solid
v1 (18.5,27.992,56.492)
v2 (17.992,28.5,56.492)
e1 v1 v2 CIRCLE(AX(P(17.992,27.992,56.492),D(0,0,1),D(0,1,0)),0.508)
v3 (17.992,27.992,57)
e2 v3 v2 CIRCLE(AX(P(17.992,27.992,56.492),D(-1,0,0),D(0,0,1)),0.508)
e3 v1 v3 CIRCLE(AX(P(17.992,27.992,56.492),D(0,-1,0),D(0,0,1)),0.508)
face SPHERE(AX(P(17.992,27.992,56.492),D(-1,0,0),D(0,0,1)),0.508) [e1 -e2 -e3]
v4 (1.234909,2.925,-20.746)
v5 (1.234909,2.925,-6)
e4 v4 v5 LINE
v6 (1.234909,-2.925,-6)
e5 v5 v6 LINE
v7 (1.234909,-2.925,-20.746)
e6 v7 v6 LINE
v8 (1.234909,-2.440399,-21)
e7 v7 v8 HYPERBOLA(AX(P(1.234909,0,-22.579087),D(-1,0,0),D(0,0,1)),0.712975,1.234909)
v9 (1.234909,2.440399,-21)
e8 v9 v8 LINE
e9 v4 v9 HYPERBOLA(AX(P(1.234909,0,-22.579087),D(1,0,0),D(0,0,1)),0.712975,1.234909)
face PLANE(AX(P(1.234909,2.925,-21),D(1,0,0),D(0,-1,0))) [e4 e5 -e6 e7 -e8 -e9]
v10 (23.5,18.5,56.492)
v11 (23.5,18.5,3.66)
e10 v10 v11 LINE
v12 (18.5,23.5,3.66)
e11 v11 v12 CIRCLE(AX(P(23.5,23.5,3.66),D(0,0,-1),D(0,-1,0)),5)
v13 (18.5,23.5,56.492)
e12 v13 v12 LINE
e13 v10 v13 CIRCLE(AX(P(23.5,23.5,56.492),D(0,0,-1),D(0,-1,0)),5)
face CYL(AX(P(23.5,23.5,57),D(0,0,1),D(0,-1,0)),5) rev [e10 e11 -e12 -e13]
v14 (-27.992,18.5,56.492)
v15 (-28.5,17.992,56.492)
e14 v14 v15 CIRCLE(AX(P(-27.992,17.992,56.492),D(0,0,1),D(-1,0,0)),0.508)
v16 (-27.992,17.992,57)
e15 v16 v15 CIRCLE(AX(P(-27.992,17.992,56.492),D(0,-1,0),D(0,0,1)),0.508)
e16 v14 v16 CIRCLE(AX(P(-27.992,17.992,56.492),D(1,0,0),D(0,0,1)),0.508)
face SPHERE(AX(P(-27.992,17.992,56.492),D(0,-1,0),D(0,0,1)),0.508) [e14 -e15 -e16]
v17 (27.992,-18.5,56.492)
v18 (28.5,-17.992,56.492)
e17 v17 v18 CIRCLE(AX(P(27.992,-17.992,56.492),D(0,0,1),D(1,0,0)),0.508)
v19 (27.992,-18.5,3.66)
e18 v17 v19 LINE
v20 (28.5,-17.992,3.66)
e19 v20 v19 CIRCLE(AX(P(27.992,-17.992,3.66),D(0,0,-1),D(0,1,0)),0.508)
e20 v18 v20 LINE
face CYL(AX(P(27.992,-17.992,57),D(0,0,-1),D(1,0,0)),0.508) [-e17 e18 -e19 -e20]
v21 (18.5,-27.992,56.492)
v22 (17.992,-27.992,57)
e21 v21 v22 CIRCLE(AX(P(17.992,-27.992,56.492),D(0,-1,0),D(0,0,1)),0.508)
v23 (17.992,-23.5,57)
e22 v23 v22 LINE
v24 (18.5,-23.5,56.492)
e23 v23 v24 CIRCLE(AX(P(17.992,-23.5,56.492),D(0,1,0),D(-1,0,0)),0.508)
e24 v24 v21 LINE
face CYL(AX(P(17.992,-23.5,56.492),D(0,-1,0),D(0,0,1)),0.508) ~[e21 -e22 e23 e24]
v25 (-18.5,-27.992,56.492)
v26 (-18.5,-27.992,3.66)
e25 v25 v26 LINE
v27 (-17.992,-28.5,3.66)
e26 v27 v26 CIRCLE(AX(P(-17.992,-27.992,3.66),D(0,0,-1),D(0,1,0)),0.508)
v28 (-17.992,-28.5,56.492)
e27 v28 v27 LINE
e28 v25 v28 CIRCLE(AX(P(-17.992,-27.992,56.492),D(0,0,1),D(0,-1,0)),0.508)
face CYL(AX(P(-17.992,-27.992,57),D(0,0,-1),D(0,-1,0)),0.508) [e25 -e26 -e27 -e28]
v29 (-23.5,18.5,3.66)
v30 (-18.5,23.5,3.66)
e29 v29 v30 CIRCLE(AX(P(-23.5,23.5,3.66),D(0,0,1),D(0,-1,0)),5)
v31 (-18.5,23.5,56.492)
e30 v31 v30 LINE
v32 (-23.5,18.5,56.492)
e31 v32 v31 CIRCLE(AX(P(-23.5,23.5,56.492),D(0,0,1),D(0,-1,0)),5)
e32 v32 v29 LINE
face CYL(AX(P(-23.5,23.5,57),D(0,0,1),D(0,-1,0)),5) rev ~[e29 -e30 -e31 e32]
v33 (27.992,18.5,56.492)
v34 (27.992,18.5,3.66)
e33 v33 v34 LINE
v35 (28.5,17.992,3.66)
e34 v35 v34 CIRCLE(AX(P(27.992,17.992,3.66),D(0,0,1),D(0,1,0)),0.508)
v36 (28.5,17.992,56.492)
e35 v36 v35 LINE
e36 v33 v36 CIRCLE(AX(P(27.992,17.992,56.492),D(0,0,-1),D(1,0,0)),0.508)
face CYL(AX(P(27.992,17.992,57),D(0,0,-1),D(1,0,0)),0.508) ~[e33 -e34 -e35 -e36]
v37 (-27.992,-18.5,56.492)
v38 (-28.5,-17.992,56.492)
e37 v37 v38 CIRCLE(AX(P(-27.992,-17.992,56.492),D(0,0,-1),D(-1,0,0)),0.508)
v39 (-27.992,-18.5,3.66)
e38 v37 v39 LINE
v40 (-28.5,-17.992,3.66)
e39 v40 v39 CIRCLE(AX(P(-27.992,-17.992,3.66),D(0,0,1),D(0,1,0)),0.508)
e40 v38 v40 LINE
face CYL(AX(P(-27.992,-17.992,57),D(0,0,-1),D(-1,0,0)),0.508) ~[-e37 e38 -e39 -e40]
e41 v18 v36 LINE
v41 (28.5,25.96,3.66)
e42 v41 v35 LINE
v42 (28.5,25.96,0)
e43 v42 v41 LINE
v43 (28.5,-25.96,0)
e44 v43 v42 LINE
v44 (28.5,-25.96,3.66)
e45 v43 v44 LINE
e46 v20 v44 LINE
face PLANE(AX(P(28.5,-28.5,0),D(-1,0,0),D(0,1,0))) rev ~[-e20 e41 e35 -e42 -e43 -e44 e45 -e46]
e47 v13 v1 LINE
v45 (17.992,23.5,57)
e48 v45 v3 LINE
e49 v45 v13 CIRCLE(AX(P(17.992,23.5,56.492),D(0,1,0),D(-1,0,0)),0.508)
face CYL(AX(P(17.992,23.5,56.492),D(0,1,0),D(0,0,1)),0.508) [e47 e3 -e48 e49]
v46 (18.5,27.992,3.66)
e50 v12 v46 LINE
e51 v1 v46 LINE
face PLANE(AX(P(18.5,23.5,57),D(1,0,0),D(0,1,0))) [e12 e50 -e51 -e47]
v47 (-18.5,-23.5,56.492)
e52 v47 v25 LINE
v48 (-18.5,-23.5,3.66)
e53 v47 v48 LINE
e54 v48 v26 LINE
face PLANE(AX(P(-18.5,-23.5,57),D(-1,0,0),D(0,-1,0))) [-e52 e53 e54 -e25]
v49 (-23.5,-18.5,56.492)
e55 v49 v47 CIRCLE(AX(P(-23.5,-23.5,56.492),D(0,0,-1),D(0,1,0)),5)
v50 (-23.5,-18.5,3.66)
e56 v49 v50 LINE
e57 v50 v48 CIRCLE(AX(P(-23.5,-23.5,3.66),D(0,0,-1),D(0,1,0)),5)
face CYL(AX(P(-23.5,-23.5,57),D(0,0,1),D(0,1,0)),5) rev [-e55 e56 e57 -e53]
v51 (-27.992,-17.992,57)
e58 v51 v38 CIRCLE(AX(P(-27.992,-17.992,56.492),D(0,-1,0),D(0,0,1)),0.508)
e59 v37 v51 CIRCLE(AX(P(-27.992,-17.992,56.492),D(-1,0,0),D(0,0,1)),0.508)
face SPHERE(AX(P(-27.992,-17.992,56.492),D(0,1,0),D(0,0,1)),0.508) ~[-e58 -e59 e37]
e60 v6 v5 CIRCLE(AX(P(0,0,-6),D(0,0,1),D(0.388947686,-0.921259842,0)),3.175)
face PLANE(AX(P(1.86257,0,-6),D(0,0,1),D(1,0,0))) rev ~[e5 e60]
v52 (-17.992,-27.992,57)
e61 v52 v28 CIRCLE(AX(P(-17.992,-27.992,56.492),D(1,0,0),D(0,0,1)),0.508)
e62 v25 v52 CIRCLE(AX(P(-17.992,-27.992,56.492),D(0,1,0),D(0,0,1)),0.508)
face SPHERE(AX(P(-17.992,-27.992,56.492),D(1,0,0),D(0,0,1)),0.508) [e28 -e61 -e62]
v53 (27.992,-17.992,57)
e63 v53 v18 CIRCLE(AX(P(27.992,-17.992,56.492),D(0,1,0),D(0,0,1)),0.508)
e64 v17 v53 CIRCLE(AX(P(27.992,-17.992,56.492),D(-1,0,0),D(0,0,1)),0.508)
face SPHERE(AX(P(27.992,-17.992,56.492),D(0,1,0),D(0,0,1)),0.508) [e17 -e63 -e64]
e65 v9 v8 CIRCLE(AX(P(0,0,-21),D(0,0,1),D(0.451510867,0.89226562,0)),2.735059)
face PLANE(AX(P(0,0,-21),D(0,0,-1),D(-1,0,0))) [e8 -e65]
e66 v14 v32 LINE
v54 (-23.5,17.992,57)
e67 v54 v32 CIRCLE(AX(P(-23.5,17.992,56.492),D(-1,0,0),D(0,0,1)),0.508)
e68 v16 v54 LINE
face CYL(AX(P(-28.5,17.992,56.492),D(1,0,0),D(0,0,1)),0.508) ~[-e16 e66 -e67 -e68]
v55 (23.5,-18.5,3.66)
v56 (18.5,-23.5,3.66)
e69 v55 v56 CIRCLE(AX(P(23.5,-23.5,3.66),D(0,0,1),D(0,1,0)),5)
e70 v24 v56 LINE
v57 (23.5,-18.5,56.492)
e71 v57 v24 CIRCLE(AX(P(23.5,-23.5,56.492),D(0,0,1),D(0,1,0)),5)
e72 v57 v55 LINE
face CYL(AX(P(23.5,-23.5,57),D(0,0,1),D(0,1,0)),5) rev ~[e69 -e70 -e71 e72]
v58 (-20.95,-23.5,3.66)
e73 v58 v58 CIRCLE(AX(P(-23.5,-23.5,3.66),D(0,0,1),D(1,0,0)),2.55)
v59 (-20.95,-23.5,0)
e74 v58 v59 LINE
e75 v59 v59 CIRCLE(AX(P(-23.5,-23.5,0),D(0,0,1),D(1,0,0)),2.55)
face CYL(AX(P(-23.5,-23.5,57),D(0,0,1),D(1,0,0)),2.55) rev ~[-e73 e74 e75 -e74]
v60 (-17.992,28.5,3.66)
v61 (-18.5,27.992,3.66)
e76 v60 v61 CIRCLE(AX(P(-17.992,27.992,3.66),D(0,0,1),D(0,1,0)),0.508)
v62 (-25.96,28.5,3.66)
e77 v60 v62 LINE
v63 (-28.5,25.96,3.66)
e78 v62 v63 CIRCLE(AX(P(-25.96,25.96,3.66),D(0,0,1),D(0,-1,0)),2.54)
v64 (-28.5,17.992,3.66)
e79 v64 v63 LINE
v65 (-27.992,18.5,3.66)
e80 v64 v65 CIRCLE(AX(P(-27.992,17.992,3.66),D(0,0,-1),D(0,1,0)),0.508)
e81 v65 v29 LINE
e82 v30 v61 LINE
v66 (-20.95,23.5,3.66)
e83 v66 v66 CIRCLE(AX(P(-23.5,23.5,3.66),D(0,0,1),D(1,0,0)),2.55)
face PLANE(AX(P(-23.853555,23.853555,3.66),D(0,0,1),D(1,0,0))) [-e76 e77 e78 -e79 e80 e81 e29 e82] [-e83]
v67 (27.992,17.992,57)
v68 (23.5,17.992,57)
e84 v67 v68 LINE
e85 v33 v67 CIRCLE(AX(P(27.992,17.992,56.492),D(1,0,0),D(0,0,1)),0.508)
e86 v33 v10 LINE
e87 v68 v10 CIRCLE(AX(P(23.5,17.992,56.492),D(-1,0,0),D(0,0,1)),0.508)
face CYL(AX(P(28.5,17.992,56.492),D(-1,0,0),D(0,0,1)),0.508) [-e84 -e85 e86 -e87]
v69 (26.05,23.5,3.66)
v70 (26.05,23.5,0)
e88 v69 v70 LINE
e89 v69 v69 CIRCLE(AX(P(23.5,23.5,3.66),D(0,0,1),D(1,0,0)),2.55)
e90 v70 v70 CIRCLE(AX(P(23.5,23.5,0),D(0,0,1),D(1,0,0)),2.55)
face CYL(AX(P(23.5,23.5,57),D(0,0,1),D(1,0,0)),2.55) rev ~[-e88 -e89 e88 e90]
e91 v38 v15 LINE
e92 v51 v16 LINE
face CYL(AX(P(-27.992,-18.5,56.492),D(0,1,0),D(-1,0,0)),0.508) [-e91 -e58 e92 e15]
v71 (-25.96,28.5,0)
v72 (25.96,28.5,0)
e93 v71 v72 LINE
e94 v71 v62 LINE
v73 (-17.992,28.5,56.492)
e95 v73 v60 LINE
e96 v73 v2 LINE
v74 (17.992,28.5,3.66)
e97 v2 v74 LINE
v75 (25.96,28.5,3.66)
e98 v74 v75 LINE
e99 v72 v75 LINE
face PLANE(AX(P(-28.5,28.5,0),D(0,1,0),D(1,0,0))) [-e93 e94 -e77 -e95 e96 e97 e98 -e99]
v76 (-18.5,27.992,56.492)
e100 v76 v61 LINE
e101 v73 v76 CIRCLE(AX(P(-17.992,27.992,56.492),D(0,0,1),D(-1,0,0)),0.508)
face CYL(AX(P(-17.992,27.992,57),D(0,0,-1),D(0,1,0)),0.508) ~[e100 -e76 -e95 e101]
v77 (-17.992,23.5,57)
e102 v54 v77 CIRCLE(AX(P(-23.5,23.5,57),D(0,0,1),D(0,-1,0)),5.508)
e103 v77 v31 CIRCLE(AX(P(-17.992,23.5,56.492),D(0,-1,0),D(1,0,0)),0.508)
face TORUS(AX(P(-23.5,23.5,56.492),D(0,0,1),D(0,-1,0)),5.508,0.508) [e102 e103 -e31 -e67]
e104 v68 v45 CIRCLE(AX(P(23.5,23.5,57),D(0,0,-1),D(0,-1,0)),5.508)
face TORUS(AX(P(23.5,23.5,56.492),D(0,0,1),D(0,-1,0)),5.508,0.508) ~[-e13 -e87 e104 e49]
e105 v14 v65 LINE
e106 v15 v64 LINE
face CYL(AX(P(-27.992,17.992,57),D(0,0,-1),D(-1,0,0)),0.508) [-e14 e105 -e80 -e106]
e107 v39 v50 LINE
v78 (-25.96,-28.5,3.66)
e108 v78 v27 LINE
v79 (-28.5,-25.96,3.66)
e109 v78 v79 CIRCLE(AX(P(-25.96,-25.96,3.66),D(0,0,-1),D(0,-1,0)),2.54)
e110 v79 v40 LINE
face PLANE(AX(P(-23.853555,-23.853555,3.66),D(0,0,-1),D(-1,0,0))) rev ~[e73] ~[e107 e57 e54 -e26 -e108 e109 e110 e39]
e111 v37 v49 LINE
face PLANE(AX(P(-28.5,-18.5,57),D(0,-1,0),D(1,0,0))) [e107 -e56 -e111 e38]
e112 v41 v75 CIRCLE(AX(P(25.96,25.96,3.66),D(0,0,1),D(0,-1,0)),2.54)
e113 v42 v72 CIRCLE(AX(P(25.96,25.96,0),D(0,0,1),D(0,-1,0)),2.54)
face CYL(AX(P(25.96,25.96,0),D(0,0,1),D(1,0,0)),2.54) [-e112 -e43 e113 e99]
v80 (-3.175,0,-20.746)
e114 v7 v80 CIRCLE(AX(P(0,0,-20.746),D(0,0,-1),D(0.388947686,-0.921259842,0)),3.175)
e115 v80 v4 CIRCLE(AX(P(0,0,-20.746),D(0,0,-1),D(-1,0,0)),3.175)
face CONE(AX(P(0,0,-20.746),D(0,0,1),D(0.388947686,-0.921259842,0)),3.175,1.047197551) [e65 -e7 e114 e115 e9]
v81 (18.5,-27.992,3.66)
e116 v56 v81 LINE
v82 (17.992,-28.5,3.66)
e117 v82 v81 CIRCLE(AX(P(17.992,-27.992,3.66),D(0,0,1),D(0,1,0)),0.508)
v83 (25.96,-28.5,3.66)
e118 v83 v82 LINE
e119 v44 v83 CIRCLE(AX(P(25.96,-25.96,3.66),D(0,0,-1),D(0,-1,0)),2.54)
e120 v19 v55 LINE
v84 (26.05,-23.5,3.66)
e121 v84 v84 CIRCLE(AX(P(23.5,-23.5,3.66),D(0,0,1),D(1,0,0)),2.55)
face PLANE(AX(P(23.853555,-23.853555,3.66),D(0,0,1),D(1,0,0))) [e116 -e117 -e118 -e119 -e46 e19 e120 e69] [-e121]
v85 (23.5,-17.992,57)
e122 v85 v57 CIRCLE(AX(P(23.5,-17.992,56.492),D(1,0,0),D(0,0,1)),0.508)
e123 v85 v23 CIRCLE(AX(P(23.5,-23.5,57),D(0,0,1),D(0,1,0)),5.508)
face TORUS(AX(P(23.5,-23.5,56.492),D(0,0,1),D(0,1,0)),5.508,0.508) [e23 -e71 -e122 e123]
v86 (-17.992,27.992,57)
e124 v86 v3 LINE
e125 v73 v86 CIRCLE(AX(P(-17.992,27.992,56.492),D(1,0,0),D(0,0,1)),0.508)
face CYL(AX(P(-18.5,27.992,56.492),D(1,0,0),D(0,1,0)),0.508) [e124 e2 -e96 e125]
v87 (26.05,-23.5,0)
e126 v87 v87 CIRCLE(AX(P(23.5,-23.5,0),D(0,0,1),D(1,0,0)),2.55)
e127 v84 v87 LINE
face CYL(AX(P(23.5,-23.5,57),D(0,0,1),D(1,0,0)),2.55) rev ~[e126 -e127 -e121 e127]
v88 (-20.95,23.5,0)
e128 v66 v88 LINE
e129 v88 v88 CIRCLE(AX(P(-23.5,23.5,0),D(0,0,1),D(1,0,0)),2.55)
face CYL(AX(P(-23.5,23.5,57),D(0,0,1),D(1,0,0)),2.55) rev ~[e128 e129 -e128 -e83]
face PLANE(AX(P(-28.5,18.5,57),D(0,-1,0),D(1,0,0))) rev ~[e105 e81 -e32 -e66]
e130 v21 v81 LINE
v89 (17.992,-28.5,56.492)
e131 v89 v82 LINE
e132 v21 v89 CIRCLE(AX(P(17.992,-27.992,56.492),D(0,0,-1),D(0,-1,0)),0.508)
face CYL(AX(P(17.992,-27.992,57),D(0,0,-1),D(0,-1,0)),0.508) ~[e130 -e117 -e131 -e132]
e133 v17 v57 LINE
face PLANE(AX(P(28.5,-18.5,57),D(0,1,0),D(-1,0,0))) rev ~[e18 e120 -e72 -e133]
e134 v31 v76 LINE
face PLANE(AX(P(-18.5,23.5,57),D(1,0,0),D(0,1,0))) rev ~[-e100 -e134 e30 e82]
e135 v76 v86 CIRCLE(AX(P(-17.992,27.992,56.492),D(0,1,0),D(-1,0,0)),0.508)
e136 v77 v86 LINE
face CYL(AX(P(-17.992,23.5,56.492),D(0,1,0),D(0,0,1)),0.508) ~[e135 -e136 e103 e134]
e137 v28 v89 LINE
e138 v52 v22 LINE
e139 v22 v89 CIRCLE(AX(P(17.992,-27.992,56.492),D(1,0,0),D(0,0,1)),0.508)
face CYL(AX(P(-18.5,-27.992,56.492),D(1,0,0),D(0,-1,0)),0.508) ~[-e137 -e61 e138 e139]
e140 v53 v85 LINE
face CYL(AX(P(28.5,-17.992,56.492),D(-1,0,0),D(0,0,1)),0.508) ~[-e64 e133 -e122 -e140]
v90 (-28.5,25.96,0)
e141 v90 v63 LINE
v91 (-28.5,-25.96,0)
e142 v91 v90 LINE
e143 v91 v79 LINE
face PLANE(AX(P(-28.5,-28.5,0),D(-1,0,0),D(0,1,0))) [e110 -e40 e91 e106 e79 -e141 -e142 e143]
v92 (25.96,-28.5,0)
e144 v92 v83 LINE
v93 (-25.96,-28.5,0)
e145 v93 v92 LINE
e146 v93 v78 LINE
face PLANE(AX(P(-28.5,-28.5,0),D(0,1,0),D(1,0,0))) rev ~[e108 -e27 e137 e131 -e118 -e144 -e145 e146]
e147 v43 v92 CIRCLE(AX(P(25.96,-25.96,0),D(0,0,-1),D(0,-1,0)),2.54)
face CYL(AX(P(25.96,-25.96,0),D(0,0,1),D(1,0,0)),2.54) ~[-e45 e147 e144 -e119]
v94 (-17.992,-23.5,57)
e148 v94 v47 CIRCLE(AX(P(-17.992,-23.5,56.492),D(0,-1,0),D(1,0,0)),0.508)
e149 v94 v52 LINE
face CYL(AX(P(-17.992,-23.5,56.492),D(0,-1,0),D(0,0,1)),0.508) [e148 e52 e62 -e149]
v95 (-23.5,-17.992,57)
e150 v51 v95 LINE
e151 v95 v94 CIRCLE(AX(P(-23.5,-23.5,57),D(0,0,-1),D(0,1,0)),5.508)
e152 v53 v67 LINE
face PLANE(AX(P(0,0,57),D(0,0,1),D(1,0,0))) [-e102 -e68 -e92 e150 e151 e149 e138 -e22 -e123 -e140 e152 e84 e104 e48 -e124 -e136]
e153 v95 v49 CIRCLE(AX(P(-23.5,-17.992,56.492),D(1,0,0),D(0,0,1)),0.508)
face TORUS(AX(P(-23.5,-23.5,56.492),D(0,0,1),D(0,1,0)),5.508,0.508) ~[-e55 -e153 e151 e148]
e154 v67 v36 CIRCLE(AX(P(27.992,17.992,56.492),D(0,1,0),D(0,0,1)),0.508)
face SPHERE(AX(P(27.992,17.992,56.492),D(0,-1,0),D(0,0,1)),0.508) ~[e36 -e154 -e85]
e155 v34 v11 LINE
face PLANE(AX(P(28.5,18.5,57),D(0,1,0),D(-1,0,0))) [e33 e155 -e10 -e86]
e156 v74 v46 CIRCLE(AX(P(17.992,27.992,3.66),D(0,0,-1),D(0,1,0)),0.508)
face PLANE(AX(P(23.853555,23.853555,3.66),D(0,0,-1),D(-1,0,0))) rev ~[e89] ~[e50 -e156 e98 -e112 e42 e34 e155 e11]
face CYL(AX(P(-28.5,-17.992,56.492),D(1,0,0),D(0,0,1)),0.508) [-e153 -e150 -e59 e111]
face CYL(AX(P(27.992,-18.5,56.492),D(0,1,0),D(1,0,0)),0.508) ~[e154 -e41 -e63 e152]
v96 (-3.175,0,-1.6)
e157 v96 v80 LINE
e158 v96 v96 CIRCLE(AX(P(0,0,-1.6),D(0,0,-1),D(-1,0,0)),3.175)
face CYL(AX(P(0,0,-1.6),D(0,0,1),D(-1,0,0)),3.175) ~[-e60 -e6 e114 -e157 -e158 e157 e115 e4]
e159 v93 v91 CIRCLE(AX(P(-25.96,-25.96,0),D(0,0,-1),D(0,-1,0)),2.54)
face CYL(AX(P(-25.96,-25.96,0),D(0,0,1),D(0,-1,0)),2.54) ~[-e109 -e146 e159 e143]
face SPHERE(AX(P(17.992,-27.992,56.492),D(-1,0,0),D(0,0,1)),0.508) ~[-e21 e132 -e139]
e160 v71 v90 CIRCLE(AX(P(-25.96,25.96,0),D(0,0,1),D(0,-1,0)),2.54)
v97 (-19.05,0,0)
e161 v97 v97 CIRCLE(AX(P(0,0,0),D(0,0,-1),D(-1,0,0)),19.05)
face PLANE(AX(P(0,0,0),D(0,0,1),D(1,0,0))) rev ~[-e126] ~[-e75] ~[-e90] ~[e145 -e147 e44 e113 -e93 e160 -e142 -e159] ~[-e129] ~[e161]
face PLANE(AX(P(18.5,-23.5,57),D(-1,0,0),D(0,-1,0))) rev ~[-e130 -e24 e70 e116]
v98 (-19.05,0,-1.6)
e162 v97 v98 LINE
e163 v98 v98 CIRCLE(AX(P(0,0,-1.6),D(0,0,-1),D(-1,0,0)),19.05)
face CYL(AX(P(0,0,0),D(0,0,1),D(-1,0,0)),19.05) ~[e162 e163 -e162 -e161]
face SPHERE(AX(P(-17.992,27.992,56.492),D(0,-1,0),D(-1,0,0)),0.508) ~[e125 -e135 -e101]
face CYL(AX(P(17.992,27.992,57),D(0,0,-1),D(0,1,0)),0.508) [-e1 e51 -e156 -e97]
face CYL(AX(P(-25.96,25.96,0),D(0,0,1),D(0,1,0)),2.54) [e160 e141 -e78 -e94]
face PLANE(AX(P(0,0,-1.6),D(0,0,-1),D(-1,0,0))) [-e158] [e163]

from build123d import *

# Parameters (mm, degrees)
SKETCH1_W           = 57
SKETCH1_H           = 57
BOSS_EXTRUDE1_DEPTH = 57
SKETCH2_R           = 2.55
CUT_EXTRUDE1_DEPTH  = 58
CUT_EXTRUDE2_DEPTH  = 53.34
SKETCH4_R           = 19.05
BOSS_EXTRUDE2_DEPTH = 1.6
SKETCH5_R           = 3.175
BOSS_EXTRUDE3_DEPTH = 19.4
CUT_EXTRUDE3_DEPTH  = 15
CHAMFER1_SIZE2      = 0.439940905
CHAMFER1_SIZE       = 0.254
FILLET1_R           = 2.54
FILLET2_R           = 0.508


with BuildPart() as part:
    # Sketch1 → Boss-Extrude1 (new body)
    with BuildSketch(Plane.XY):
        Rectangle(SKETCH1_W, SKETCH1_H)
    extrude(amount=BOSS_EXTRUDE1_DEPTH)

    # Sketch2 → Cut-Extrude1 (cut, through all)
    with BuildSketch(Plane.XY.offset(57)):
        with Locations((-23.5, 23.5)):
            Circle(SKETCH2_R)
        with Locations((23.5, 23.5)):
            Circle(SKETCH2_R)
        with Locations((23.5, -23.5)):
            Circle(SKETCH2_R)
        with Locations((-23.5, -23.5)):
            Circle(SKETCH2_R)
    extrude(amount=-CUT_EXTRUDE1_DEPTH, mode=Mode.SUBTRACT)

    # Sketch3 → Cut-Extrude2 (cut)
    with BuildSketch(Plane.XY.offset(57)):
        with BuildLine():
            Line((-18.5, 23.5), (-18.5, 28.5))
            Line((-18.5, 28.5), (-28.5, 28.5))
            Line((-28.5, 28.5), (-28.5, 18.5))
            Line((-28.5, 18.5), (-23.5, 18.5))
            ThreePointArc((-23.5, 18.5), (-19.964466094, 19.964466094), (-18.5, 23.5))
        make_face()
        with BuildLine():
            Line((28.5, 28.5), (28.5, 18.5))
            Line((28.5, 18.5), (23.5, 18.5))
            ThreePointArc((23.5, 18.5), (19.964466094, 19.964466094), (18.5, 23.5))
            Line((18.5, 23.5), (18.5, 28.5))
            Line((18.5, 28.5), (28.5, 28.5))
        make_face()
        with BuildLine():
            Line((-28.5, -28.5), (-28.5, -18.5))
            Line((-28.5, -18.5), (-23.5, -18.5))
            ThreePointArc((-23.5, -18.5), (-19.964466094, -19.964466094), (-18.5, -23.5))
            Line((-18.5, -23.5), (-18.5, -28.5))
            Line((-18.5, -28.5), (-28.5, -28.5))
        make_face()
        with BuildLine():
            Line((18.5, -23.5), (18.5, -28.5))
            Line((18.5, -28.5), (28.5, -28.5))
            Line((28.5, -28.5), (28.5, -18.5))
            Line((28.5, -18.5), (23.5, -18.5))
            ThreePointArc((23.5, -18.5), (19.964466094, -19.964466094), (18.5, -23.5))
        make_face()
    extrude(amount=-CUT_EXTRUDE2_DEPTH, mode=Mode.SUBTRACT)

    # Sketch4 → Boss-Extrude2 (add)
    with BuildSketch(Plane(origin=(0, 0, 0), x_dir=(-1, 0, 0), z_dir=(0, 0, -1))):
        Circle(SKETCH4_R)
    extrude(amount=BOSS_EXTRUDE2_DEPTH)

    # Sketch5 → Boss-Extrude3 (add)
    with BuildSketch(Plane(origin=(0, 0, -1.6), x_dir=(-1, 0, 0), z_dir=(0, 0, -1))):
        Circle(SKETCH5_R)
    extrude(amount=BOSS_EXTRUDE3_DEPTH)

    # Sketch7 → Cut-Extrude3 (cut)
    with BuildSketch(Plane(origin=(0, 0, -21), x_dir=(-1, 0, 0), z_dir=(0, 0, -1))):
        with BuildLine():
            Line((-1.234908904, 2.925), (-1.234908904, -2.925))
            ThreePointArc((-1.234908904, -2.925), (-3.175, 0), (-1.234908904, 2.925))
        make_face()
    extrude(amount=-CUT_EXTRUDE3_DEPTH, mode=Mode.SUBTRACT)

    # Chamfer1
    chamfer1_edges = [part.edges().sort_by_distance(p)[0] for p in [
        (-1.754962853, -2.645889337, -21),
    ]]
    chamfer(chamfer1_edges, length=CHAMFER1_SIZE, length2=CHAMFER1_SIZE2)

    # Fillet1
    fillet1_edges = [part.edges().sort_by_distance(p)[0] for p in [
        (-28.5, 28.5, 1.83),
        (28.5, -28.5, 1.83),
        (-28.5, -28.5, 1.83),
        (28.5, 28.5, 1.83),
    ]]
    fillet(fillet1_edges, radius=FILLET1_R)

    # Fillet2
    fillet2_edges = [part.edges().sort_by_distance(p)[0] for p in [
        (-28.5, 0, 57),
        (-19.964466094, 19.964466094, 57),
        (-18.5, 26, 57),
        (-26, 18.5, 57),
        (-28.5, 18.5, 30.33),
        (-18.5, 28.5, 30.33),
        (0, -28.5, 57),
        (28.5, 0, 57),
        (0, 28.5, 57),
        (19.964466094, 19.964466094, 57),
        (26, 18.5, 57),
        (18.5, 26, 57),
        (18.5, 28.5, 30.33),
        (28.5, 18.5, 30.33),
        (-19.964466094, -19.964466094, 57),
        (-26, -18.5, 57),
        (-18.5, -26, 57),
        (-18.5, -28.5, 30.33),
        (-28.5, -18.5, 30.33),
        (19.964466094, -19.964466094, 57),
        (18.5, -26, 57),
        (26, -18.5, 57),
        (28.5, -18.5, 30.33),
        (18.5, -28.5, 30.33),
    ]]
    fillet(fillet2_edges, radius=FILLET2_R)


solid = part.part
